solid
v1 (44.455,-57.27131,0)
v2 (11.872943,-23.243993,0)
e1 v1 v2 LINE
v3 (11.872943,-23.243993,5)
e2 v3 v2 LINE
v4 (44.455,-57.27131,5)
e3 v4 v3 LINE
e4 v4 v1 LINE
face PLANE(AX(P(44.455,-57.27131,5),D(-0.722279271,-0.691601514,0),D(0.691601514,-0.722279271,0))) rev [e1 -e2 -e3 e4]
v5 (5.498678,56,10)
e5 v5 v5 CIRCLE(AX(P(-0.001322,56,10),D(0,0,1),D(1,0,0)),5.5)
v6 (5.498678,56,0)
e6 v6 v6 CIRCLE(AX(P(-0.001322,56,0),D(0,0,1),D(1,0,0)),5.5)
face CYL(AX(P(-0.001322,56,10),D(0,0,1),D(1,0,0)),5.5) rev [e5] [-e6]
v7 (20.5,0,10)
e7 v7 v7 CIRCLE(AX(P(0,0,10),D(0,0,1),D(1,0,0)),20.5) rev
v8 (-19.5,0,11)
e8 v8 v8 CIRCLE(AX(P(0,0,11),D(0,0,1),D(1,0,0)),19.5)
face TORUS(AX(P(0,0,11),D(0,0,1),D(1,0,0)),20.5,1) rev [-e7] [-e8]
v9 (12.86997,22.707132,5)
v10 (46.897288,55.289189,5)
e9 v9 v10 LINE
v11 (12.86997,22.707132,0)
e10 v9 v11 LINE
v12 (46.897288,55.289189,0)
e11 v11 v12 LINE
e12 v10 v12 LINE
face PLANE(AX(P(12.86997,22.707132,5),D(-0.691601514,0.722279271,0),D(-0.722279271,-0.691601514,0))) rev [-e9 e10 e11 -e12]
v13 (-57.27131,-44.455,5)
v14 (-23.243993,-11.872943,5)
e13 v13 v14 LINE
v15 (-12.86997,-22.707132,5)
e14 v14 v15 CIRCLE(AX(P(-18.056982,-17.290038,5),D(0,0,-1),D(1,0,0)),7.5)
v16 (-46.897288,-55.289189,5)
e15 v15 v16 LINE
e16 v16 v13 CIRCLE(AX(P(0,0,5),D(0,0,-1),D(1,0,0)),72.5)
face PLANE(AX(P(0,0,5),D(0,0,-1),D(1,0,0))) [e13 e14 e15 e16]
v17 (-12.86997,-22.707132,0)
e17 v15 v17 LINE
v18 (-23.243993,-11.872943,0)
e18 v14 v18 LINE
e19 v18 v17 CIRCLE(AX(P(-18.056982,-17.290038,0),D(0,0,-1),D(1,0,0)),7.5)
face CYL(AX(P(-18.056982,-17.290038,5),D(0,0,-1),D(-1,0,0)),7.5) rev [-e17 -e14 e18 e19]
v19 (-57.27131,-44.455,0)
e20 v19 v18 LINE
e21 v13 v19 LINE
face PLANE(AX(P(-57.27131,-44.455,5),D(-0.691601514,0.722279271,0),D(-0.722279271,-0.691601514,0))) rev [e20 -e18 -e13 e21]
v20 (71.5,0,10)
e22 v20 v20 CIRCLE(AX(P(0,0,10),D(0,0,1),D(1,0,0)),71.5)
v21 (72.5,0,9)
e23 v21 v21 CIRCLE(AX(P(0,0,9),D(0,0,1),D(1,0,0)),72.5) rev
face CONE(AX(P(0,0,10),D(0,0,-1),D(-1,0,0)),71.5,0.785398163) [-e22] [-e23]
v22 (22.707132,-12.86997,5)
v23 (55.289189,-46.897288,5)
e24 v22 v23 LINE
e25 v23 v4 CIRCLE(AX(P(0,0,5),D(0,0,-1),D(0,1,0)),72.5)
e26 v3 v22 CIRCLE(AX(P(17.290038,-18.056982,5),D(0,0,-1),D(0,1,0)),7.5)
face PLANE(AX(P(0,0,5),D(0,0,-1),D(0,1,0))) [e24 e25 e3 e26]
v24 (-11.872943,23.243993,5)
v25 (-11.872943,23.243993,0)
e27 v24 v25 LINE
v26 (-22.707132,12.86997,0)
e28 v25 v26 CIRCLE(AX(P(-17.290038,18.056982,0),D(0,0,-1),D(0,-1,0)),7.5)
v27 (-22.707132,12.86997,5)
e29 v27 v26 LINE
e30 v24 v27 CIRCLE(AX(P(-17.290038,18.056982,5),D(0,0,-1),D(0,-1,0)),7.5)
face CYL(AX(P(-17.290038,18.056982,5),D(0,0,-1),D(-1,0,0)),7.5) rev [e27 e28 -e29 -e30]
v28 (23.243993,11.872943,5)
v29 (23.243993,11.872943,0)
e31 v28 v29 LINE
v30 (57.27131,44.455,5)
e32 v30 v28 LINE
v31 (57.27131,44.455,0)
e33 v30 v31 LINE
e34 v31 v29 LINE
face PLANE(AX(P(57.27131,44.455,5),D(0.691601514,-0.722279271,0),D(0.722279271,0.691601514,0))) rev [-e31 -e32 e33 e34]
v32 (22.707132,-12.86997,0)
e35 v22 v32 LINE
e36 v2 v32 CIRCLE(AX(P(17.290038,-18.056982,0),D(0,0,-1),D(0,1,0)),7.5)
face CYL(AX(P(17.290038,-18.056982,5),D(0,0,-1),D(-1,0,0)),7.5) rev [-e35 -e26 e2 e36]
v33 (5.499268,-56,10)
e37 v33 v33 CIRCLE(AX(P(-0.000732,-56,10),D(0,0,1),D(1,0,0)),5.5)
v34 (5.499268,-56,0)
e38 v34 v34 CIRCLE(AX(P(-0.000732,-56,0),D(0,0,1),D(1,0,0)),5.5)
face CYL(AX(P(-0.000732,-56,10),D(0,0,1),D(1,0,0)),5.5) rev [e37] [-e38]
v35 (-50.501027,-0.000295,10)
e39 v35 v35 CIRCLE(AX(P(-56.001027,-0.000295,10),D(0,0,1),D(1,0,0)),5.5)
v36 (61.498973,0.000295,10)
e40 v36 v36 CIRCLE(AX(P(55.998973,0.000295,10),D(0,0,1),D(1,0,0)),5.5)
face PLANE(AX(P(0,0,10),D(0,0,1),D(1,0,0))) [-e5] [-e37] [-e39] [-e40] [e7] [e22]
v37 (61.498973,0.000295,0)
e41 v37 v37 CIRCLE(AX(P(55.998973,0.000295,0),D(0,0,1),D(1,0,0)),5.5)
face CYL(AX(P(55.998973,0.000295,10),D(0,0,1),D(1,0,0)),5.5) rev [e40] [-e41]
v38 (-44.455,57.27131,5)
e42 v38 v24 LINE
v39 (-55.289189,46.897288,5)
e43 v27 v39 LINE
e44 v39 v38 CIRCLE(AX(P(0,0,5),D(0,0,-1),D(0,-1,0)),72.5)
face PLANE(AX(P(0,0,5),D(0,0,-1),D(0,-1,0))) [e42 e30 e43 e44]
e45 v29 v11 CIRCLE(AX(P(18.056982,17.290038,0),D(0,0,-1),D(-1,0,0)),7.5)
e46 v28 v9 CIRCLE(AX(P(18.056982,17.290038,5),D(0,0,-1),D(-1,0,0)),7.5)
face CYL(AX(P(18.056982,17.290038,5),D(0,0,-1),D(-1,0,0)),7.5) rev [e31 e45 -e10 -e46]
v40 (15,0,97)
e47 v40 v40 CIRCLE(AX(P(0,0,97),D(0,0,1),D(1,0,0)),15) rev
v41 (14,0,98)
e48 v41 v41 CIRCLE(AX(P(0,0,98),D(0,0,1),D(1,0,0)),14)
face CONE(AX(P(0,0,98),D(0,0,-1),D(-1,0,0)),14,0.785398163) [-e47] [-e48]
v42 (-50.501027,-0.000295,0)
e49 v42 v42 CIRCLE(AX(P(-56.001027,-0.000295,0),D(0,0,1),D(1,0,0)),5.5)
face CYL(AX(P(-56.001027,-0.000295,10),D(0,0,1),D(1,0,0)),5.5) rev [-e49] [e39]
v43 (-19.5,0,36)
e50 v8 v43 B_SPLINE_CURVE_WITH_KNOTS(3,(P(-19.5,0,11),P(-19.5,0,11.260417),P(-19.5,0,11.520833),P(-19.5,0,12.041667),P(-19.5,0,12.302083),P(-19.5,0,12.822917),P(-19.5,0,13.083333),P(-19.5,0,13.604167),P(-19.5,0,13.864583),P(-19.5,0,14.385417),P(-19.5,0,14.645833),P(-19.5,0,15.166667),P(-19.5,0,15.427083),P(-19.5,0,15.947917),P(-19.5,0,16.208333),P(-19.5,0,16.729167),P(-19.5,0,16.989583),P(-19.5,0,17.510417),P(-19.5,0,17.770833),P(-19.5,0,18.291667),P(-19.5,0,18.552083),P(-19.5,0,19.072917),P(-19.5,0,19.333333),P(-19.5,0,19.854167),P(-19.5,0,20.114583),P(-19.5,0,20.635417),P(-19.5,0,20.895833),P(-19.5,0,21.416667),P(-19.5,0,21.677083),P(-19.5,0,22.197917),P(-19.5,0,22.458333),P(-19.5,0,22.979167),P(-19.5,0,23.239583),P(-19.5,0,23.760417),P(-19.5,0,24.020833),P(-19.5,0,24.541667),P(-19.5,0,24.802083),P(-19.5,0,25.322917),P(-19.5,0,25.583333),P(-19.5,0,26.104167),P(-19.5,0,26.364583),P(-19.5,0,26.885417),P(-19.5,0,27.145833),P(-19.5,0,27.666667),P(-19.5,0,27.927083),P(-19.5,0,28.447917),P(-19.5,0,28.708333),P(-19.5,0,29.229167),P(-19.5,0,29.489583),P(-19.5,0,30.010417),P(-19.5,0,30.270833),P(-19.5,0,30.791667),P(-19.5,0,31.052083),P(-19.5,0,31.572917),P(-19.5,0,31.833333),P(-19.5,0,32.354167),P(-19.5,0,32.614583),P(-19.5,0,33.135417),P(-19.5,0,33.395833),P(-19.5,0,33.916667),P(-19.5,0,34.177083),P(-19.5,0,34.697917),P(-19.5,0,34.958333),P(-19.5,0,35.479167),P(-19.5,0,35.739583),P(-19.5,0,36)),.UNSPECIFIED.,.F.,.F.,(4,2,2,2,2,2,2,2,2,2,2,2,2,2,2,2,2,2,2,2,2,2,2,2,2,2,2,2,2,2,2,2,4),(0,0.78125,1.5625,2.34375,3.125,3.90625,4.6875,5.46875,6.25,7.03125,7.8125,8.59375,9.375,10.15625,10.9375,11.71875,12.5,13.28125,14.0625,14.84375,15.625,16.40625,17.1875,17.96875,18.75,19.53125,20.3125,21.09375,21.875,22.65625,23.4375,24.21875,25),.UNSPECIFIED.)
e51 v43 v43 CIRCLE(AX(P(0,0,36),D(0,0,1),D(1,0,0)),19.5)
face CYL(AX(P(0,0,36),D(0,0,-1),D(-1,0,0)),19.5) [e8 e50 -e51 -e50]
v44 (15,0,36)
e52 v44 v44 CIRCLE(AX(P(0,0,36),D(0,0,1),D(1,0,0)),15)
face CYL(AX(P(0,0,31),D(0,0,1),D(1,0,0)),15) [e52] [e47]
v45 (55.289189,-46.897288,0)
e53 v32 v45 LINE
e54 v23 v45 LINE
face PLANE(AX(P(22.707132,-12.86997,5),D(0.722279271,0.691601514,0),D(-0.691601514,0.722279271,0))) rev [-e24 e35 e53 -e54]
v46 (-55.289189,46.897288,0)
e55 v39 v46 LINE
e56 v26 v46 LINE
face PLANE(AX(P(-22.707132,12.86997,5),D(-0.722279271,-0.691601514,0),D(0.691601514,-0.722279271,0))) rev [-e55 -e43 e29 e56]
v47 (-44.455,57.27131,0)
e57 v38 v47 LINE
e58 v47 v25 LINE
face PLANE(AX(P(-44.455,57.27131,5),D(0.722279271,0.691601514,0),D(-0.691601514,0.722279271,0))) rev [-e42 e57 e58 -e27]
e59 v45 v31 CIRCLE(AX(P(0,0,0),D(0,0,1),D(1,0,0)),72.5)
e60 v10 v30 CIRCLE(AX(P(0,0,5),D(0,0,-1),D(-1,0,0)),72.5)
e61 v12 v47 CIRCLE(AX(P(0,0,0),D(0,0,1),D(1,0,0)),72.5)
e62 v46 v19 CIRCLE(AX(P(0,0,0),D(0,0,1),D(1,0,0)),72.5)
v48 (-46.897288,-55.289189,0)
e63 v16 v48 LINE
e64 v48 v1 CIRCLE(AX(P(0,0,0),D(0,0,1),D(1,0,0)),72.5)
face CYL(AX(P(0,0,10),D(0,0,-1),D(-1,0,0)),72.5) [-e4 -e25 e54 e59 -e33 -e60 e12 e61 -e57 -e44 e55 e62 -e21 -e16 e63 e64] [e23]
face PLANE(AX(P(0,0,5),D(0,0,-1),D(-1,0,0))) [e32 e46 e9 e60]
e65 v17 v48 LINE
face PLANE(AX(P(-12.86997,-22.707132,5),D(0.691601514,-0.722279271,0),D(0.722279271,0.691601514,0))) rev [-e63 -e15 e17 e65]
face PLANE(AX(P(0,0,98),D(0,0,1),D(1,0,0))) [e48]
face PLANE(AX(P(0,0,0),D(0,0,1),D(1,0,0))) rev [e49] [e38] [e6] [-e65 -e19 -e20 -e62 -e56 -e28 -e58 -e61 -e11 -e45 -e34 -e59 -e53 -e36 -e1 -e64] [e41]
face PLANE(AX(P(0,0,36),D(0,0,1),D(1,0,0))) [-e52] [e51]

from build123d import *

# Parameters (mm, degrees)
SCHIZZO1_R                  = 72.5
ESTRUSIONE1_DEPTH           = 10
SCHIZZO2_R                  = 19.5
ESTRUSIONE2_DEPTH           = 26
ESTRUSIONE5_DEPTH           = 62
ESTRUSIONE5_DEPTH_BACK      = 5
SCHIZZO5_R                  = 15
SMUSSO2_SIZE                = 1
RACCORDO1_R                 = 1
ESTRUSIONE3_DEPTH           = 5
RIPETIZIONECIRCOLARE1_COUNT = 4
SMUSSO3_SIZE                = 1
M10_GIOCHI_FORO1_D          = 11


with BuildPart() as part:
    # Schizzo1 → Estrusione1 (new body)
    with BuildSketch(Plane.XY):
        Circle(SCHIZZO1_R)
    extrude(amount=ESTRUSIONE1_DEPTH)

    # Schizzo2 → Estrusione2 (add)
    with BuildSketch(Plane.XY.offset(10)):
        with Locations(Location((0, 0, 0), (0, 0, 180))):
            Circle(SCHIZZO2_R)
    extrude(amount=ESTRUSIONE2_DEPTH)

    # Schizzo5 → Estrusione5 (add, two sides: drawn at the far end of the back side and taken through both)
    with BuildSketch(Plane.XY.offset(36).offset(-ESTRUSIONE5_DEPTH_BACK)):
        Circle(SCHIZZO5_R)
    extrude(amount=ESTRUSIONE5_DEPTH + ESTRUSIONE5_DEPTH_BACK)

    # Smusso2
    smusso2_edges = [part.edges().sort_by_distance(p)[0] for p in [
        (-72.5, 0, 10),
    ]]
    chamfer(smusso2_edges, length=SMUSSO2_SIZE)

    # Raccordo1
    raccordo1_edges = [part.edges().sort_by_distance(p)[0] for p in [
        (19.5, 0, 10),
    ]]
    fillet(raccordo1_edges, radius=RACCORDO1_R)

    # Schizzo3 → Estrusione3 (cut)
    with BuildSketch(Plane(origin=(0, 0, 0), x_dir=(-1, 0, 0), z_dir=(0, 0, -1))):
        with BuildLine():
            Line((-57.271310306, 44.454999897), (-23.243993136, 11.87294332))
            ThreePointArc((-23.243993136, 11.87294332), (-12.639887246, 12.103026498), (-12.869970423, 22.707132388))
            Line((-12.869970423, 22.707132388), (-46.897287593, 55.289188965))
            ThreePointArc((-46.897287593, 55.289188965), (-52.365247161, 50.141109778), (-57.271310306, 44.454999897))
        make_face()
    estrusione3 = extrude(amount=-ESTRUSIONE3_DEPTH, mode=Mode.SUBTRACT)

    # RipetizioneCircolare1: Estrusione3 ×4 about axis
    ripetizionecircolare1_axis = Axis((0, 0, 0), (0, 0, 1))
    for i in range(1, RIPETIZIONECIRCOLARE1_COUNT):
        add(estrusione3.rotate(ripetizionecircolare1_axis, i * 360 / RIPETIZIONECIRCOLARE1_COUNT), mode=Mode.SUBTRACT)

    # Smusso3
    smusso3_edges = [part.edges().sort_by_distance(p)[0] for p in [
        (-15, 0, 98),
    ]]
    chamfer(smusso3_edges, length=SMUSSO3_SIZE)

    # M10 Giochi foro1 (through all)
    with Locations(Plane(origin=(8.775277543, -26.129129274, 10), x_dir=(0.9999999999861032, 5.271953212239764e-06, 0), z_dir=(0, 0, 1))):
        with Locations((-8.776166907, 82.129175527), (-8.776166907, -29.870824473), (-64.776166907, 26.129175527), (47.223833093, 26.129175527)):
            Hole(M10_GIOCHI_FORO1_D / 2)


solid = part.part
